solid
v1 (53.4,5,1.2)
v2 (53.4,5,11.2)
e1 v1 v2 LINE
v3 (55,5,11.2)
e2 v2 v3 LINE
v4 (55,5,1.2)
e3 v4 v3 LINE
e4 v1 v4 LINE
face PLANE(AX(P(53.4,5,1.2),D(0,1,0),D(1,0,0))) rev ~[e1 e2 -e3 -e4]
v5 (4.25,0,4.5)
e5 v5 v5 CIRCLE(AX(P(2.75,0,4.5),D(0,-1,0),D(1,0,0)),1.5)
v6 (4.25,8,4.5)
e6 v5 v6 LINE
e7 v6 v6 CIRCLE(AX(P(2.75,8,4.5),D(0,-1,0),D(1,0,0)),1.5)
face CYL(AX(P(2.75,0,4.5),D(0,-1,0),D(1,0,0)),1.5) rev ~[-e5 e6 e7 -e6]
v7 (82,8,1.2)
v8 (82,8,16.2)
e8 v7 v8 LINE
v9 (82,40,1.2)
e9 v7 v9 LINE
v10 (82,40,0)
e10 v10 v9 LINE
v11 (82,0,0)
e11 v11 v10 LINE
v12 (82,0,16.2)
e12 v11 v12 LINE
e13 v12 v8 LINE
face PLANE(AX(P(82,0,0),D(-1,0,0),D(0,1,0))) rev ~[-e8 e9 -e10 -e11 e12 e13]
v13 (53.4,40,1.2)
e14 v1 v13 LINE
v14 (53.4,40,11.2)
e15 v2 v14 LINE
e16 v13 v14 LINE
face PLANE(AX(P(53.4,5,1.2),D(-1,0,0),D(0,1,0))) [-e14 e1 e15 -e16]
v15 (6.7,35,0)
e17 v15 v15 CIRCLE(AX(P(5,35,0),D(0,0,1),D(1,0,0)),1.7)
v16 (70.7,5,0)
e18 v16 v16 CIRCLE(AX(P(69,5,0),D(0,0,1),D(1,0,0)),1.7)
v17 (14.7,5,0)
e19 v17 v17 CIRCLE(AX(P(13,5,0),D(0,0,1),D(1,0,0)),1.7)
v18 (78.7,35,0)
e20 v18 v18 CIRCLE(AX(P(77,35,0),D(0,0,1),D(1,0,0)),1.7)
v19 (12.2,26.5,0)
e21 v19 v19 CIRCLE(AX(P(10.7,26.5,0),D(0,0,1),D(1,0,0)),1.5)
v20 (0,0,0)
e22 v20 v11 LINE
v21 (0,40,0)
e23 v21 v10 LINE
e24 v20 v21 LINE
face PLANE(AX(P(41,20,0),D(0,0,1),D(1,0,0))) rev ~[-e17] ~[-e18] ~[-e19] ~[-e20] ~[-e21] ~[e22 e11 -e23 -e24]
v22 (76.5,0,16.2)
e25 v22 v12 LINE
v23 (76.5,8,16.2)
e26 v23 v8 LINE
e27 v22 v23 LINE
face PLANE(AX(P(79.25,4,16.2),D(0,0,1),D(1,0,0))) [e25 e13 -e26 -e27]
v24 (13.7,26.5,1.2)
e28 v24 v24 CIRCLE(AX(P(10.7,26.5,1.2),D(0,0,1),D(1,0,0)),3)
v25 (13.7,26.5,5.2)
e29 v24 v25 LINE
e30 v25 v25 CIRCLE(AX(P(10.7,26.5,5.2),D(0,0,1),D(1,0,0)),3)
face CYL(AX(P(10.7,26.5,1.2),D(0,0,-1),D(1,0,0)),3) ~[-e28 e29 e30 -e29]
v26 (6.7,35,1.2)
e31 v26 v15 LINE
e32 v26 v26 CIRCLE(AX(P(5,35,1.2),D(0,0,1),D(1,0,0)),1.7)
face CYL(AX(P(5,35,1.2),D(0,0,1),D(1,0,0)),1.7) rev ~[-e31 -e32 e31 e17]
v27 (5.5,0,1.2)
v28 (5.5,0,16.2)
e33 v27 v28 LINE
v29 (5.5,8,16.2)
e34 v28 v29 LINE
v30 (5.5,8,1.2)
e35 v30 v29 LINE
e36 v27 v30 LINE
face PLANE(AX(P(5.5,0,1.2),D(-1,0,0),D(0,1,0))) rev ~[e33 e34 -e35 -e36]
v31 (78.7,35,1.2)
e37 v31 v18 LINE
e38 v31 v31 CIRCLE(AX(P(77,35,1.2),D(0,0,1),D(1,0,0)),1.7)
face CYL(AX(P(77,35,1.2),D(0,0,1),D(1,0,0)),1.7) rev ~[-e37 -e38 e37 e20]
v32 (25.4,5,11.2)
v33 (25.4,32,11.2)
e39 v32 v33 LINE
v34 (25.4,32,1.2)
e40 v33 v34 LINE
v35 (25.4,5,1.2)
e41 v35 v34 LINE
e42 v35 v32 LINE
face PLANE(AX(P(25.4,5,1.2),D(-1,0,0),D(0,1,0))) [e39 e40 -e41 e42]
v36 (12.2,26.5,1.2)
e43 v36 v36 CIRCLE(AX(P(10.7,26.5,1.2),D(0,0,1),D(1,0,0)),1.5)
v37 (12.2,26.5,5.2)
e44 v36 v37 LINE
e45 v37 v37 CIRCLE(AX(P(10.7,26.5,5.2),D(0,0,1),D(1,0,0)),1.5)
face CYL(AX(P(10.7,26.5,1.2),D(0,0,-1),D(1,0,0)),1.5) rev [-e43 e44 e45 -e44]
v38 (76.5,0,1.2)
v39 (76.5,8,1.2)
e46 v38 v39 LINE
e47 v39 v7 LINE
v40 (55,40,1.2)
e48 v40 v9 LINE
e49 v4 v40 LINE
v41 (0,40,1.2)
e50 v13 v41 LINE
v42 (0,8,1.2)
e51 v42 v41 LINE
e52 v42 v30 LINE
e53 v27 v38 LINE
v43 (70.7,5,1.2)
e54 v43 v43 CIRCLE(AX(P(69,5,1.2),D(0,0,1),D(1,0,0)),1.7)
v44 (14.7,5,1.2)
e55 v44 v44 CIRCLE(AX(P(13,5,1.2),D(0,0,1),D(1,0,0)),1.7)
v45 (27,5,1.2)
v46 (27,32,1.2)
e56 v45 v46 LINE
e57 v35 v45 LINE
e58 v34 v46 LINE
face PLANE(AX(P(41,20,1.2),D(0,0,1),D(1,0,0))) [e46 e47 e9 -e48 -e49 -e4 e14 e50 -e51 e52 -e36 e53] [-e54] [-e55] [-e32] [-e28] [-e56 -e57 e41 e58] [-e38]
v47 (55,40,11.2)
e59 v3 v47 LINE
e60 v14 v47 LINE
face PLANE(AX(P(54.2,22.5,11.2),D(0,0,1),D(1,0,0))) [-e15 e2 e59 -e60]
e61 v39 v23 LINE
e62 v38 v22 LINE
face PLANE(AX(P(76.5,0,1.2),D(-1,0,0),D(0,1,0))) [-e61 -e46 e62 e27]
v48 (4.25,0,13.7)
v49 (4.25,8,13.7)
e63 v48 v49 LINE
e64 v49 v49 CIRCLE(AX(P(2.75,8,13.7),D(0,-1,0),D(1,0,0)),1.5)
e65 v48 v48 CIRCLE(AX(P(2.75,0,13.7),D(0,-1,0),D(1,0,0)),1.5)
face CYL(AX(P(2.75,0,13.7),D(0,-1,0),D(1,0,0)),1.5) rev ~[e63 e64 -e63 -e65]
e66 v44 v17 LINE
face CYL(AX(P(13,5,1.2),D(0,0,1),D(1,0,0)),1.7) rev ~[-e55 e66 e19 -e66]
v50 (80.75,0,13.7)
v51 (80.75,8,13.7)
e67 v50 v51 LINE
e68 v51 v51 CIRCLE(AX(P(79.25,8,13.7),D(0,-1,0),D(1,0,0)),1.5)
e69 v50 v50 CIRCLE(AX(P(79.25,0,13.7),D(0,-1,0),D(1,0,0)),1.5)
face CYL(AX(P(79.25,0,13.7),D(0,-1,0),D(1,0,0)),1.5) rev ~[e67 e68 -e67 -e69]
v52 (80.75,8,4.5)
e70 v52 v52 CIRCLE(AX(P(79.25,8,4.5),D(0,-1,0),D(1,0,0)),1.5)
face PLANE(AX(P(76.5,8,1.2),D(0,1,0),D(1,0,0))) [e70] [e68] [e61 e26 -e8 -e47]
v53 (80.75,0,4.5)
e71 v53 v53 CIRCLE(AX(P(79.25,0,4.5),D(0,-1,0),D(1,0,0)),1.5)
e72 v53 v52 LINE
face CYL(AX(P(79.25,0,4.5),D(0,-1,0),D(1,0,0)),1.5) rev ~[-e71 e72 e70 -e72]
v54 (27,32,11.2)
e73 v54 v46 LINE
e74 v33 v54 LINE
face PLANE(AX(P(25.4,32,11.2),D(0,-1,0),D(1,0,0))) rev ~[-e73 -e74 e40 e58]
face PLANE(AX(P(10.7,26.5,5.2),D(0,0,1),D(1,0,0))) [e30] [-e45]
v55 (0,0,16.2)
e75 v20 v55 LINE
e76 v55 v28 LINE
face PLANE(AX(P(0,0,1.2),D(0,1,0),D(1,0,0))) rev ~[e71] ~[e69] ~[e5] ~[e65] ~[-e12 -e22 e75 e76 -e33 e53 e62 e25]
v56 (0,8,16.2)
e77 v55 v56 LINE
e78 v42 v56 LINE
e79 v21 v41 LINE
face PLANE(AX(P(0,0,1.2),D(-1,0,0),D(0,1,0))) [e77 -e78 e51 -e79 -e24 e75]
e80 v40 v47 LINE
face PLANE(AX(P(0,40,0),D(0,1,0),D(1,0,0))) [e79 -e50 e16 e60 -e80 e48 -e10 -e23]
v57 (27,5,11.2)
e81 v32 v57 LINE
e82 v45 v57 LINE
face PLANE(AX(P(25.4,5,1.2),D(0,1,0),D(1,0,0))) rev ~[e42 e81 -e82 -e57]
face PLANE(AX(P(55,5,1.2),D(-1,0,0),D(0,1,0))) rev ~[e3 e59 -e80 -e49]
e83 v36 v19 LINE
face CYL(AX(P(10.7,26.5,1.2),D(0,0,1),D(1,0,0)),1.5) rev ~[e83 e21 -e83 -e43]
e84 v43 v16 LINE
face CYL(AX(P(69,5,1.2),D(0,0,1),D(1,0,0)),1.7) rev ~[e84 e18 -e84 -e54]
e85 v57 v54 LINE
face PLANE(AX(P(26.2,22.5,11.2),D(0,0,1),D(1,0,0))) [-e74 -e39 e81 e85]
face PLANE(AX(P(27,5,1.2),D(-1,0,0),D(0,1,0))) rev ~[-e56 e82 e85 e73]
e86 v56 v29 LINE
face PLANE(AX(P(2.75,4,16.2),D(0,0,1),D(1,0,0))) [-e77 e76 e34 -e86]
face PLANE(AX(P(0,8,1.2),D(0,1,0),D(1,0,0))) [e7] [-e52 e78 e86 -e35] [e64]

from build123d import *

# Parameters (mm, degrees)
SKETCH_W        = 82
SKETCH_H        = 40
PAD_DEPTH       = 1.2
SKETCH001_W     = 5.5
SKETCH001_H     = 8
PAD001_DEPTH    = 15
SKETCH002_R     = 1.5
POCKET_DEPTH    = 40.001
SKETCH003_W     = 1.6
SKETCH003_H     = 35
PAD002_DEPTH    = 10
SKETCH004_R     = 3
SKETCH004_R_2   = 1.5
PAD003_DEPTH    = 4
SKETCH005_R     = 1.7
POCKET001_DEPTH = 1.201
SKETCH006_R     = 1.5
POCKET002_DEPTH = 1.201
SKETCH007_W     = 1.6
SKETCH007_H     = 8
POCKET003_DEPTH = 10


with BuildPart() as part:
    # Sketch → Pad (new body)
    with BuildSketch(Plane.XY):
        with Locations((41, 20)):
            Rectangle(SKETCH_W, SKETCH_H)
    extrude(amount=PAD_DEPTH)

    # Sketch001 (on Face6 of Pad) → Pad001 (join)
    with BuildSketch(Plane.XY.offset(1.2)):
        with Locations((2.75, 4)):
            Rectangle(SKETCH001_W, SKETCH001_H)
        with Locations((79.25, 4)):
            Rectangle(SKETCH001_W, SKETCH001_H)
    extrude(amount=PAD001_DEPTH)

    # Sketch002 (on Face5 of Pad001) → Pocket (cut, through all)
    with BuildSketch(Plane.XZ):
        with Locations((2.75, 13.7)):
            Circle(SKETCH002_R)
        with Locations((2.75, 4.5)):
            Circle(SKETCH002_R)
        with Locations((79.25, 13.7)):
            Circle(SKETCH002_R)
        with Locations((79.25, 4.5)):
            Circle(SKETCH002_R)
    extrude(amount=-POCKET_DEPTH, mode=Mode.SUBTRACT)

    # Sketch003 (on Face6 of Pocket) → Pad002 (join)
    with BuildSketch(Plane.XY.offset(1.2)):
        with Locations((26.2, 22.5)):
            Rectangle(SKETCH003_W, SKETCH003_H)
        with Locations((54.2, 22.5)):
            Rectangle(SKETCH003_W, SKETCH003_H)
    extrude(amount=PAD002_DEPTH)

    # Sketch004 (on Face6 of Pad002) → Pad003 (join)
    with BuildSketch(Plane.XY.offset(1.2)):
        with Locations((10.7, 26.5)):
            Circle(SKETCH004_R)
        with Locations((10.7, 26.5)):
            Circle(SKETCH004_R_2, mode=Mode.SUBTRACT)
    extrude(amount=PAD003_DEPTH)

    # Sketch005 (on Face6 of Pad003) → Pocket001 (cut, through all)
    with BuildSketch(Plane.XY.offset(1.2)):
        with Locations((5, 35)):
            Circle(SKETCH005_R)
        with Locations((77, 35)):
            Circle(SKETCH005_R)
        with Locations((69, 5)):
            Circle(SKETCH005_R)
        with Locations((13, 5)):
            Circle(SKETCH005_R)
    extrude(amount=-POCKET001_DEPTH, mode=Mode.SUBTRACT)

    # Sketch006 (on Face38 of Pocket001) → Pocket002 (cut, through all)
    with BuildSketch(Plane.XY.offset(1.2)):
        with Locations((10.7, 26.5)):
            Circle(SKETCH006_R)
    extrude(amount=-POCKET002_DEPTH, mode=Mode.SUBTRACT)

    # Sketch007 (on Face36 of Pocket002) → Pocket003 (cut)
    with BuildSketch(Plane.XY.offset(11.2)):
        with Locations((26.2, 36)):
            Rectangle(SKETCH007_W, SKETCH007_H)
    extrude(amount=-POCKET003_DEPTH, mode=Mode.SUBTRACT)


solid = part.part
